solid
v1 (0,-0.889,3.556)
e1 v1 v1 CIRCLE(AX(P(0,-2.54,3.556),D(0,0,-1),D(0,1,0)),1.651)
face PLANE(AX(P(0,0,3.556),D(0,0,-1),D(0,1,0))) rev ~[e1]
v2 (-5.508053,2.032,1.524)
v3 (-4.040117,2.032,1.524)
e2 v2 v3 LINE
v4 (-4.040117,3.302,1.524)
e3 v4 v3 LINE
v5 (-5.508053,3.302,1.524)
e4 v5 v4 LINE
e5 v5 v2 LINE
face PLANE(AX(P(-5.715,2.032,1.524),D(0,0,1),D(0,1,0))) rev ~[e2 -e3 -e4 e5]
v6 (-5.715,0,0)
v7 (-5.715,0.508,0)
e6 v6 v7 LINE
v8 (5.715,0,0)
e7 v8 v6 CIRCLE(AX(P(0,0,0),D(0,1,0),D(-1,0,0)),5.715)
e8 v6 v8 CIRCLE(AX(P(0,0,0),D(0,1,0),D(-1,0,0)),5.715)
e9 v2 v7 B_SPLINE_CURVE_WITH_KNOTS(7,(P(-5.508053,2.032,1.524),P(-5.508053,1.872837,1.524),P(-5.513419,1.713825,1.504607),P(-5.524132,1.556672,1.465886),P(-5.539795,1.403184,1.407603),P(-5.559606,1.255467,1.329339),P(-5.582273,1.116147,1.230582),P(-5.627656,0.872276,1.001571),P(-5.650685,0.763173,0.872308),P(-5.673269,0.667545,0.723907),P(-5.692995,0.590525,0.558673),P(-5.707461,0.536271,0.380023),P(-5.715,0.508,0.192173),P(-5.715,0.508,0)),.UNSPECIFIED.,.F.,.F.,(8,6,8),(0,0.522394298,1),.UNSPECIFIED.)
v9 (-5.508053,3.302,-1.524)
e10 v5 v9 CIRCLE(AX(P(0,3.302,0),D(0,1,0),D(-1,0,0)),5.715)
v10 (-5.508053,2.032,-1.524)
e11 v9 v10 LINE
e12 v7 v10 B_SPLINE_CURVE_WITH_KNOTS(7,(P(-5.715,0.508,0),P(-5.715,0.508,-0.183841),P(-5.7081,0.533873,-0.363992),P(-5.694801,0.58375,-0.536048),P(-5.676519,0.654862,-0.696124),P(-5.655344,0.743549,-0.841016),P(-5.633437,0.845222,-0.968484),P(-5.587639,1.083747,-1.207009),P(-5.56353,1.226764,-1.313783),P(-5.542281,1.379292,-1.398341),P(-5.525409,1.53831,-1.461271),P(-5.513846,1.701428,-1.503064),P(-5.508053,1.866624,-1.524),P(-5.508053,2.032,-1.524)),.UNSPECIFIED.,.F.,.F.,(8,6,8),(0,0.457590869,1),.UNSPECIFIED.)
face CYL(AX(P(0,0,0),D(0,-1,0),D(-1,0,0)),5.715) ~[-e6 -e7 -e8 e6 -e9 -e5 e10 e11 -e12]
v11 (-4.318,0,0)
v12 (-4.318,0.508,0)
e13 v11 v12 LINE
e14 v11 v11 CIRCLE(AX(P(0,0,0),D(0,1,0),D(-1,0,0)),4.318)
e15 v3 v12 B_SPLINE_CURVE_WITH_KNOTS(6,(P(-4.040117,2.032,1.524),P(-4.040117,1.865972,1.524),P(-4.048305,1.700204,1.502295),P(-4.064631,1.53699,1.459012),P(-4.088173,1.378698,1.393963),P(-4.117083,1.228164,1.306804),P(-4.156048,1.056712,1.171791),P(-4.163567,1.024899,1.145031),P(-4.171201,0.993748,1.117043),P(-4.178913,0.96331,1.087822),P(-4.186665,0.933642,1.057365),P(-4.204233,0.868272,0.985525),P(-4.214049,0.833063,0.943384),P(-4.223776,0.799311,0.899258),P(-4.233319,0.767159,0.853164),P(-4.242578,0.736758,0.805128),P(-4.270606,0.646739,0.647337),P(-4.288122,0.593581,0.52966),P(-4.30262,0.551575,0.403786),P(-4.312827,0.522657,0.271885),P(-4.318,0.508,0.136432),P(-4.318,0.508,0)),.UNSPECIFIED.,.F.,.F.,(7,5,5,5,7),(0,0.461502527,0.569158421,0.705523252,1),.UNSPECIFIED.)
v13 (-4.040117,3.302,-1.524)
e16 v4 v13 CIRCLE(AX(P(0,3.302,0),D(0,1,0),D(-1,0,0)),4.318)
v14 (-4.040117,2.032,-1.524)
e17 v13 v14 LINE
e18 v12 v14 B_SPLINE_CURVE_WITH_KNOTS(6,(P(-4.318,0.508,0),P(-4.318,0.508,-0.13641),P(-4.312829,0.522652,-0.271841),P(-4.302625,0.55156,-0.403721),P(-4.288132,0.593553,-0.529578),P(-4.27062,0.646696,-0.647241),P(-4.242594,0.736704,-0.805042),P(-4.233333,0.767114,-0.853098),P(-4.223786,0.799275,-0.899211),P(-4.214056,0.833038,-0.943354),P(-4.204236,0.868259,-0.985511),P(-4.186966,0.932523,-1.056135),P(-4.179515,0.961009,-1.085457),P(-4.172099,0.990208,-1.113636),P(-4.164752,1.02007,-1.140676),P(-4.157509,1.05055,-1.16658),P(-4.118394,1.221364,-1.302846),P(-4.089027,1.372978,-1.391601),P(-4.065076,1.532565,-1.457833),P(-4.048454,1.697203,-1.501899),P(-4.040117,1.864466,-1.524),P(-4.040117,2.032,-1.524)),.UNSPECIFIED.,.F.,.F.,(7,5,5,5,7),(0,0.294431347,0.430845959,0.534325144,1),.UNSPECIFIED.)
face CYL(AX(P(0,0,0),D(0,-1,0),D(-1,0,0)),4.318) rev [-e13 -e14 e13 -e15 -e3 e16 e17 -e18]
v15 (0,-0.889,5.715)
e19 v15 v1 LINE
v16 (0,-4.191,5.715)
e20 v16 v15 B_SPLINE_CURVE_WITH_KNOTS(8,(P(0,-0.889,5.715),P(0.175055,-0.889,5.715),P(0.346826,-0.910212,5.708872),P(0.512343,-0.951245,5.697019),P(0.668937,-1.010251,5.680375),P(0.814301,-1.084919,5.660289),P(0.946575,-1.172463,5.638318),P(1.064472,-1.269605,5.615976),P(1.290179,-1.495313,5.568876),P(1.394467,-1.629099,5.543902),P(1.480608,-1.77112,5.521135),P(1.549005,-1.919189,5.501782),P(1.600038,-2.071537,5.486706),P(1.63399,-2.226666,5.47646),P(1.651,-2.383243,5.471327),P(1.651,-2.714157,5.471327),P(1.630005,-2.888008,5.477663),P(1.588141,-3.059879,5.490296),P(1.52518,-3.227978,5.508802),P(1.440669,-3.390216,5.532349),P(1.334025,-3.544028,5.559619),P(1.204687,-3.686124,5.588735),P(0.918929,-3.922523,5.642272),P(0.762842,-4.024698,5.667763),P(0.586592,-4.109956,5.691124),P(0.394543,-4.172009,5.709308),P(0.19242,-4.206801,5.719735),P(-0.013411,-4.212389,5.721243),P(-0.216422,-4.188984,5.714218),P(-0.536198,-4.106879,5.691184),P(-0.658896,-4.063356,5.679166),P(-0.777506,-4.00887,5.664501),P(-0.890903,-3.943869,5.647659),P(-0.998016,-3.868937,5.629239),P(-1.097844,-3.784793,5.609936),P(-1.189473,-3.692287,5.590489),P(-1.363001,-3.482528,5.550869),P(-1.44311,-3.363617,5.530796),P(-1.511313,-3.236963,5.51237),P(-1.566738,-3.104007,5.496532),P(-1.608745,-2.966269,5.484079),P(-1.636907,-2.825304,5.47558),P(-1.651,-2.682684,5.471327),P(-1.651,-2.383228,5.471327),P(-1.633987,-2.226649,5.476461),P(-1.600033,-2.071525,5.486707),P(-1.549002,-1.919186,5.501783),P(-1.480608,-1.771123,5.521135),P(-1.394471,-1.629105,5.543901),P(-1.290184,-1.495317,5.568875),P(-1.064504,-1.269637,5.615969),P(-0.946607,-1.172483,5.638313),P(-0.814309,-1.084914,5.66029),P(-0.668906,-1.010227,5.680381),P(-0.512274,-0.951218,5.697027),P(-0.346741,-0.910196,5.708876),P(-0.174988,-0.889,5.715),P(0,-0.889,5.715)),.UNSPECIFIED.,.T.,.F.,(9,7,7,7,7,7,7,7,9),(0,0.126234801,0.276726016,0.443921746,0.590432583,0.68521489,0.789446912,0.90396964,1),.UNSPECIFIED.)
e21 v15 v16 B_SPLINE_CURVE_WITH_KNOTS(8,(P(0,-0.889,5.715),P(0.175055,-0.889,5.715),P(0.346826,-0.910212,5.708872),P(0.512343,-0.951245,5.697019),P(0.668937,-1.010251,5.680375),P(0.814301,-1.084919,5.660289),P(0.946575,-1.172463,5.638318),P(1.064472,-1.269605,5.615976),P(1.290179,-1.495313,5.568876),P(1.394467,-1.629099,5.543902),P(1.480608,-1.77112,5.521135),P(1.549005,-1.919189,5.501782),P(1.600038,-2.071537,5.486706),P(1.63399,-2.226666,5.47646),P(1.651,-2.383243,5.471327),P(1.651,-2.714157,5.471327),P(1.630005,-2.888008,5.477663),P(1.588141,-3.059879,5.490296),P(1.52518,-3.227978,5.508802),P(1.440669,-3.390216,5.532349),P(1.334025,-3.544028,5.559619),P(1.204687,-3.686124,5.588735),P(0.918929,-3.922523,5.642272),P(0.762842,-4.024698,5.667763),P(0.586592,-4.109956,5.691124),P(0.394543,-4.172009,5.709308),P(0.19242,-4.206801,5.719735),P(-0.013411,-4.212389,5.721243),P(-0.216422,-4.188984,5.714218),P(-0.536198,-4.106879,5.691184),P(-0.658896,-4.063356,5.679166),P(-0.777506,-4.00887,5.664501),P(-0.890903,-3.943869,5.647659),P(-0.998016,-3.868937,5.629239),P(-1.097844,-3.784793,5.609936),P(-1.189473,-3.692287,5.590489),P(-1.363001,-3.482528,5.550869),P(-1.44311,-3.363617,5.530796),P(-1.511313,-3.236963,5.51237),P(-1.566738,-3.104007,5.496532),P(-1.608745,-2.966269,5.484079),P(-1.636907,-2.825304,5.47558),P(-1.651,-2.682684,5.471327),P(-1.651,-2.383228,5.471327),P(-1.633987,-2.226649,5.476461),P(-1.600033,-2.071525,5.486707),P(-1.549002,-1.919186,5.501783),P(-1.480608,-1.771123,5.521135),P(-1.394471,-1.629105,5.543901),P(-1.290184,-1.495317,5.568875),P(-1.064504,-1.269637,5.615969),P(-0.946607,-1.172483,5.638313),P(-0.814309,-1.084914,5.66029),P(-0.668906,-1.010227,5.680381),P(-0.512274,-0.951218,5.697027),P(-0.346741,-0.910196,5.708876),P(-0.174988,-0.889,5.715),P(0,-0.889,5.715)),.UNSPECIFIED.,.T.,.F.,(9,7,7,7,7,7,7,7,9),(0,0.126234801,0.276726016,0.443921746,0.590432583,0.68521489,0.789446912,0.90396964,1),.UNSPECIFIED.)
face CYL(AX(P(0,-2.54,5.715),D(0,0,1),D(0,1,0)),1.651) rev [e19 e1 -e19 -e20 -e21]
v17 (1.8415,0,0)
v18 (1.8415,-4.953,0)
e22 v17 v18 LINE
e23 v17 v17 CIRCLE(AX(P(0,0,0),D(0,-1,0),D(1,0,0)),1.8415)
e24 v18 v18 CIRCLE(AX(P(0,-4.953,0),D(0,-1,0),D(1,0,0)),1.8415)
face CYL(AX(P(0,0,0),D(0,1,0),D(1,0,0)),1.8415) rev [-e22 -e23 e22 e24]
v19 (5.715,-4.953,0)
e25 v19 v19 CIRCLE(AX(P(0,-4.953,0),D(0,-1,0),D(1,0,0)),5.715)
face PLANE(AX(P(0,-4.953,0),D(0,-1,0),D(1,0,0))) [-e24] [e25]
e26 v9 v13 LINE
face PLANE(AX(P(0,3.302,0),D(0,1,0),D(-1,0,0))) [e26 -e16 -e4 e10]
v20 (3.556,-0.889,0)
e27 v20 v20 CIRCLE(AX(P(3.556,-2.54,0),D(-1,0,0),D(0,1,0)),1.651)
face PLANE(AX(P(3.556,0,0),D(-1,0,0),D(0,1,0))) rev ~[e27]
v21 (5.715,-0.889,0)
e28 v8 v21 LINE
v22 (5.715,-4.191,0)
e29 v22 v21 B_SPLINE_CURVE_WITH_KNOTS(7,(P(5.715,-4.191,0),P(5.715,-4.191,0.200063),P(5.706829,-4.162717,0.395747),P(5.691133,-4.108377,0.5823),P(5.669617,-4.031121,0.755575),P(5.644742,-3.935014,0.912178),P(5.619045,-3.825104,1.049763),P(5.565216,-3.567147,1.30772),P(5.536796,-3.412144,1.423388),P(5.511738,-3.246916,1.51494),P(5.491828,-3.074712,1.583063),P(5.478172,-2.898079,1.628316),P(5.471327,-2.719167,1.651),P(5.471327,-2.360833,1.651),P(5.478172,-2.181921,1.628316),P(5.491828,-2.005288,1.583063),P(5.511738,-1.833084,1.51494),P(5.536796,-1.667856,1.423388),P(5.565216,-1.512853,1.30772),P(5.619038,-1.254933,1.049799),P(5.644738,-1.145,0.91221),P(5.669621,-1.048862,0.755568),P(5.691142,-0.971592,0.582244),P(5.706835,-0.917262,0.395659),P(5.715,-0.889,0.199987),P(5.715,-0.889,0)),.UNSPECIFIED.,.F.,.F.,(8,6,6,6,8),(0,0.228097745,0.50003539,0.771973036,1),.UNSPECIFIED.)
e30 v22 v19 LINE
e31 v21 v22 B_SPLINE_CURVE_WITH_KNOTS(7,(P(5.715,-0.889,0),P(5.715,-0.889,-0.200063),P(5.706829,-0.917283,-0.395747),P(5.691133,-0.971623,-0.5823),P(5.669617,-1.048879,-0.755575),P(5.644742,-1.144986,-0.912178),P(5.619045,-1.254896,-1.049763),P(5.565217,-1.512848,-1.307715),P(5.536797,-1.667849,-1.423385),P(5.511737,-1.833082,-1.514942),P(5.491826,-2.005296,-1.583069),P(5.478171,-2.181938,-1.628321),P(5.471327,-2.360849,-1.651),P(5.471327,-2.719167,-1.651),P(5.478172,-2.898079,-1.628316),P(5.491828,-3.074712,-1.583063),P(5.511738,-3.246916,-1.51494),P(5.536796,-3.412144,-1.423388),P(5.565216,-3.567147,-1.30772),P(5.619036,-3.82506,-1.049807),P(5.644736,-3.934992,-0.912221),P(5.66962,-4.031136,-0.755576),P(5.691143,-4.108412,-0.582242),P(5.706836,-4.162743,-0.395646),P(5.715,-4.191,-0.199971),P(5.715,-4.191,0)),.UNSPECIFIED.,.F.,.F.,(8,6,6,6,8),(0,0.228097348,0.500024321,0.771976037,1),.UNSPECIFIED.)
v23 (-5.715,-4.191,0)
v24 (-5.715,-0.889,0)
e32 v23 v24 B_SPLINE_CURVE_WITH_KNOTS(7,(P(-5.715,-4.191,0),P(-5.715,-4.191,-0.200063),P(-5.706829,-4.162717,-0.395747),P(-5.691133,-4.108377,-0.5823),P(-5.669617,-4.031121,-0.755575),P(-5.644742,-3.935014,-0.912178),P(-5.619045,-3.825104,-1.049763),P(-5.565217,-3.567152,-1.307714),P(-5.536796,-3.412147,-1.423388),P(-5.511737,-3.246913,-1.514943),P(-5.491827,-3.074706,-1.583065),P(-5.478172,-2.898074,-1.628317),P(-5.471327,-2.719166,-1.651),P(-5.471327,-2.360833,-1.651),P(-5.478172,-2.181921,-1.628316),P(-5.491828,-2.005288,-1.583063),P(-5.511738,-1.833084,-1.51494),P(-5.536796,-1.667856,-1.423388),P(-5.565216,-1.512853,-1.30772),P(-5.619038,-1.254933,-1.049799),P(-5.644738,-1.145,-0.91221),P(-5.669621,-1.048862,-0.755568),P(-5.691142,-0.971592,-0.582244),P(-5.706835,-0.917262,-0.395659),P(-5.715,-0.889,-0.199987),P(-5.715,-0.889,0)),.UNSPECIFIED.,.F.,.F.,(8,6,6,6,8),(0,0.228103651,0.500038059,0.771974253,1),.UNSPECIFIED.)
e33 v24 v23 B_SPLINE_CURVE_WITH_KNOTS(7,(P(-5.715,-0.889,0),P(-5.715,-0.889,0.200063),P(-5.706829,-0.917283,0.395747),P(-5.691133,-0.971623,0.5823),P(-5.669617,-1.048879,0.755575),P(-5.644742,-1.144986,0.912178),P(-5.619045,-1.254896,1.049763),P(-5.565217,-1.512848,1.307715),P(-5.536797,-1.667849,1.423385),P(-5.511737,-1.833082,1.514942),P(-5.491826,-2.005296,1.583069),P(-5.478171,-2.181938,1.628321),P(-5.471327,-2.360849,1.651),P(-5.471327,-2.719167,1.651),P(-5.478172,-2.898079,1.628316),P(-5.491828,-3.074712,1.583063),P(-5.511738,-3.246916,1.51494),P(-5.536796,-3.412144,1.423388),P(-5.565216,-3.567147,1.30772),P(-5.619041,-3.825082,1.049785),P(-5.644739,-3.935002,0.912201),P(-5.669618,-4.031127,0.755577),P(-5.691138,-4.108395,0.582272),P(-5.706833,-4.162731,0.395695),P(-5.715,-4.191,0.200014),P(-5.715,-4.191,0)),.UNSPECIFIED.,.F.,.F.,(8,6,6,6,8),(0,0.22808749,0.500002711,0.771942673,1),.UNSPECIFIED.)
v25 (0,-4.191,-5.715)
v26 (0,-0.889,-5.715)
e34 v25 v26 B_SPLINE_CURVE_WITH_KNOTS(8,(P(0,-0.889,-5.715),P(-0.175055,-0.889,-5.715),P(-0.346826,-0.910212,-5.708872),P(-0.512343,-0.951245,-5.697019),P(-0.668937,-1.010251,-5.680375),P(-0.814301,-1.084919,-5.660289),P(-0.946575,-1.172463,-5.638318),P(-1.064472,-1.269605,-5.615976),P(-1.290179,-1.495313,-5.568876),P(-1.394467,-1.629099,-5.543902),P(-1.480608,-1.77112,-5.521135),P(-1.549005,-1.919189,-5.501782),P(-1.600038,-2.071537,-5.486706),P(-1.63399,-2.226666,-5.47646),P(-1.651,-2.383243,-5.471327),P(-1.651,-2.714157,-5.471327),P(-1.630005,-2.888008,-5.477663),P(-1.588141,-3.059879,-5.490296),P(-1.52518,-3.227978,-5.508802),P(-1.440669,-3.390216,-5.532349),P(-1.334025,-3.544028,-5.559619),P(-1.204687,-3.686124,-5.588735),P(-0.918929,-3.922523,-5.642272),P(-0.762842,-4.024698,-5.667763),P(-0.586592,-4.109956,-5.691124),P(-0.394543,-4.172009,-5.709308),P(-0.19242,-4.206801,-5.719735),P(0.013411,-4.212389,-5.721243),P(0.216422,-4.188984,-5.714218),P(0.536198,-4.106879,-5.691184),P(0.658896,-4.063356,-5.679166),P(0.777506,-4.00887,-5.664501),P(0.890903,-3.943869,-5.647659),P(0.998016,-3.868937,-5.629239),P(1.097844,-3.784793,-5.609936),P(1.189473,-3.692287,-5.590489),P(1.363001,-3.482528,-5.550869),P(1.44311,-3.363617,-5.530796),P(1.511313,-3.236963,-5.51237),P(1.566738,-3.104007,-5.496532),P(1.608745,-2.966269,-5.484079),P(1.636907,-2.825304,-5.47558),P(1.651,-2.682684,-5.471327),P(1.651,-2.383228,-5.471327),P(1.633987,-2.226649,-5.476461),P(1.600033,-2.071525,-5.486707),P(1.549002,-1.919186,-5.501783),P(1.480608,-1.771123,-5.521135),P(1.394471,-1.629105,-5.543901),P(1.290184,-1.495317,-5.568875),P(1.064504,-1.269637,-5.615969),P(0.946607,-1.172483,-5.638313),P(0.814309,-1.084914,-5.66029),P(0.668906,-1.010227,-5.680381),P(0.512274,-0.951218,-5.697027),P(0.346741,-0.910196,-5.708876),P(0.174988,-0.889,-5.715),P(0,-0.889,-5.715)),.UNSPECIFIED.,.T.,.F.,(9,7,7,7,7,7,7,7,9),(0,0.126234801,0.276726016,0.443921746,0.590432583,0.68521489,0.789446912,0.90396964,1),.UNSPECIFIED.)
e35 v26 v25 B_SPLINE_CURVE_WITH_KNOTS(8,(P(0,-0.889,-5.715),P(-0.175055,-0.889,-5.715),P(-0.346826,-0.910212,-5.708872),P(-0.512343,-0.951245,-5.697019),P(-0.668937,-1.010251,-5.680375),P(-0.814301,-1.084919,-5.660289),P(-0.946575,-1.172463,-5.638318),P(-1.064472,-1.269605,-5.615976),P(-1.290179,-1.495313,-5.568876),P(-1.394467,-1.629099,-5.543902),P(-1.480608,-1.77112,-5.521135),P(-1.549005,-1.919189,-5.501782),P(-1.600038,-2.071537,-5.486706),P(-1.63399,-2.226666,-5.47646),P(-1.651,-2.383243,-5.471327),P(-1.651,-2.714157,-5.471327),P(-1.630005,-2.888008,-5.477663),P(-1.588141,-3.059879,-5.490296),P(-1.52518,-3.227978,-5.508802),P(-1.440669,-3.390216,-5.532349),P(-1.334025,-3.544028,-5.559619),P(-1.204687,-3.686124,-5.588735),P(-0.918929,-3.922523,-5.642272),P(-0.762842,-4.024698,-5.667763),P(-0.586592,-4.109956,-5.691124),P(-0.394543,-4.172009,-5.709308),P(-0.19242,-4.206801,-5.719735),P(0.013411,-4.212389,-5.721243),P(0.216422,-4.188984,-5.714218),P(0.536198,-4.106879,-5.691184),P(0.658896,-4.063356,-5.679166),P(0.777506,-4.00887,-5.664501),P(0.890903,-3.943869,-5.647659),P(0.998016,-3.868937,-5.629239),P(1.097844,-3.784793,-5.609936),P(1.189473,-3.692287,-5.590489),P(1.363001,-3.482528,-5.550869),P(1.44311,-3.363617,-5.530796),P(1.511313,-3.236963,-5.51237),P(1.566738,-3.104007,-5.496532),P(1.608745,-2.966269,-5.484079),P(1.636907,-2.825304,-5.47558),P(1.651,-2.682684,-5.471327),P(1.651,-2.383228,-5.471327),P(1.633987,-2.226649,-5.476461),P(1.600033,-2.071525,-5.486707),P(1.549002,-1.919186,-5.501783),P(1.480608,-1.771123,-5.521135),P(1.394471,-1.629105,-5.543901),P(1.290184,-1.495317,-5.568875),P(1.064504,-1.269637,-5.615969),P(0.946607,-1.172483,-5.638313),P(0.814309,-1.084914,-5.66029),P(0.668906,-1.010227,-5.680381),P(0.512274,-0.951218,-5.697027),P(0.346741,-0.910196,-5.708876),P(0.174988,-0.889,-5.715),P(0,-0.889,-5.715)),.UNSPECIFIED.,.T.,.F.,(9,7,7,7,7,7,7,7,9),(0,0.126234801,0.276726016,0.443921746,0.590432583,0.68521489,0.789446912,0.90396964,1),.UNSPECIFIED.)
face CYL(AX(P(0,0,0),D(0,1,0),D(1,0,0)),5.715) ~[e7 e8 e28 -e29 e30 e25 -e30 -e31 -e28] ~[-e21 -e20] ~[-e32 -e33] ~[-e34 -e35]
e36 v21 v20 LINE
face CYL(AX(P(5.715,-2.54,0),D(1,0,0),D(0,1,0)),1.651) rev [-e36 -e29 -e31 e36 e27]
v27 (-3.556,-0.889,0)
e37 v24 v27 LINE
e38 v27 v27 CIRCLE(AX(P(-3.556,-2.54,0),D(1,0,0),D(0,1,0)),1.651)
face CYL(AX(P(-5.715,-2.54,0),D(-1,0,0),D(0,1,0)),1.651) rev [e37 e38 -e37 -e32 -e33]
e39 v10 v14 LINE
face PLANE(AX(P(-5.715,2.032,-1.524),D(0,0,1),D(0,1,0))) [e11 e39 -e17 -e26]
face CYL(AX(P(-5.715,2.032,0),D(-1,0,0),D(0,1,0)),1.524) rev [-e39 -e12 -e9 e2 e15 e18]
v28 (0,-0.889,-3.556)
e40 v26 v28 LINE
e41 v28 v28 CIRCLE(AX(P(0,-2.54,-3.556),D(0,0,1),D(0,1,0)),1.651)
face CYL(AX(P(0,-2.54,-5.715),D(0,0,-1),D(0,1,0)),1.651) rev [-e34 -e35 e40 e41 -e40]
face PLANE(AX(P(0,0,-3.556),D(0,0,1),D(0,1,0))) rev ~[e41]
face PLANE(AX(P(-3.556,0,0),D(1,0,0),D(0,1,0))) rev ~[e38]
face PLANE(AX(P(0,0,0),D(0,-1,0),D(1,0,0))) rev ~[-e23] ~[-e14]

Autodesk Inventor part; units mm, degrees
ref_plane "XZ Plane" through (0, 0, 0) normal (0, 1, 0) x (-1, 0, 0)
sketch "Sketch1" plane through (0, 0, 0) normal (0, 1, 0) x (-1, 0, 0)
  circle A0 centre (0, 0) radius 4.318
  circle A1 centre (0, 0) radius 5.715
  dimension "d0" = 8.636
  dimension "d1" = 11.43
extrude "Extrusion1" add sketch "Sketch1" along normal blind 3.302
sketch "Sketch2" plane through (0, 0, 0) normal (0, -1, 0) x (1, 0, 0)
  circle A0 centre (0, 0) radius 5.715 projected
  circle A1 centre (0, 0) radius 1.8415
  dimension "d4" = 3.683
extrude "Extrusion2" add sketch "Sketch2" along normal blind 4.953
ref_plane "Work Plane1" through (-5.715, 0, 0) normal (1, 0, 0) x (0, 1, 0)
sketch "Sketch3" plane through (-5.715, 0, 0) normal (1, 0, 0) x (0, 1, 0)
  circle A0 centre (-2.54, 0) radius 1.651
  line L0 (-4.953, 5.715) -> (-4.953, -5.715) projected
  point P0 (0, 0)
  dimension "d7" = 3.302
  dimension "d8" = 2.413
extrude "Extrusion3" cut sketch "Sketch3" along normal blind 2.159
pattern_circular "Circular Pattern1" count 4 over 360 about axis through (0, 0, 0) along (0, 1, 0) of "Extrusion3"
ref_plane "Work Plane2" through (-5.715, 0, 0) normal (1, 0, 0) x (0, 1, 0)
sketch "Sketch4" plane through (-5.715, 0, 0) normal (1, 0, 0) x (0, 1, 0)
  circle A0 centre (2.032, 0) radius 1.524
  line L0 (3.302, -5.715) -> (3.302, 5.715) projected
  line L1 (2.032, -1.524) -> (3.302, -1.524)
  line L2 (2.032, 1.524) -> (3.302, 1.524)
  point P0 (0, 0)
  dimension "d14" = 3.048
  dimension "d15" = 1.27
extrude "Extrusion4" cut sketch "Sketch4" along normal blind 2.159 contours A0 L0 | L2 L0 A0 | A0 L0 L1 picked at (2.3744, -0.0612)
properties part number "SpoolCarrageMagnetMountREV2" material "ABS Plastic"
